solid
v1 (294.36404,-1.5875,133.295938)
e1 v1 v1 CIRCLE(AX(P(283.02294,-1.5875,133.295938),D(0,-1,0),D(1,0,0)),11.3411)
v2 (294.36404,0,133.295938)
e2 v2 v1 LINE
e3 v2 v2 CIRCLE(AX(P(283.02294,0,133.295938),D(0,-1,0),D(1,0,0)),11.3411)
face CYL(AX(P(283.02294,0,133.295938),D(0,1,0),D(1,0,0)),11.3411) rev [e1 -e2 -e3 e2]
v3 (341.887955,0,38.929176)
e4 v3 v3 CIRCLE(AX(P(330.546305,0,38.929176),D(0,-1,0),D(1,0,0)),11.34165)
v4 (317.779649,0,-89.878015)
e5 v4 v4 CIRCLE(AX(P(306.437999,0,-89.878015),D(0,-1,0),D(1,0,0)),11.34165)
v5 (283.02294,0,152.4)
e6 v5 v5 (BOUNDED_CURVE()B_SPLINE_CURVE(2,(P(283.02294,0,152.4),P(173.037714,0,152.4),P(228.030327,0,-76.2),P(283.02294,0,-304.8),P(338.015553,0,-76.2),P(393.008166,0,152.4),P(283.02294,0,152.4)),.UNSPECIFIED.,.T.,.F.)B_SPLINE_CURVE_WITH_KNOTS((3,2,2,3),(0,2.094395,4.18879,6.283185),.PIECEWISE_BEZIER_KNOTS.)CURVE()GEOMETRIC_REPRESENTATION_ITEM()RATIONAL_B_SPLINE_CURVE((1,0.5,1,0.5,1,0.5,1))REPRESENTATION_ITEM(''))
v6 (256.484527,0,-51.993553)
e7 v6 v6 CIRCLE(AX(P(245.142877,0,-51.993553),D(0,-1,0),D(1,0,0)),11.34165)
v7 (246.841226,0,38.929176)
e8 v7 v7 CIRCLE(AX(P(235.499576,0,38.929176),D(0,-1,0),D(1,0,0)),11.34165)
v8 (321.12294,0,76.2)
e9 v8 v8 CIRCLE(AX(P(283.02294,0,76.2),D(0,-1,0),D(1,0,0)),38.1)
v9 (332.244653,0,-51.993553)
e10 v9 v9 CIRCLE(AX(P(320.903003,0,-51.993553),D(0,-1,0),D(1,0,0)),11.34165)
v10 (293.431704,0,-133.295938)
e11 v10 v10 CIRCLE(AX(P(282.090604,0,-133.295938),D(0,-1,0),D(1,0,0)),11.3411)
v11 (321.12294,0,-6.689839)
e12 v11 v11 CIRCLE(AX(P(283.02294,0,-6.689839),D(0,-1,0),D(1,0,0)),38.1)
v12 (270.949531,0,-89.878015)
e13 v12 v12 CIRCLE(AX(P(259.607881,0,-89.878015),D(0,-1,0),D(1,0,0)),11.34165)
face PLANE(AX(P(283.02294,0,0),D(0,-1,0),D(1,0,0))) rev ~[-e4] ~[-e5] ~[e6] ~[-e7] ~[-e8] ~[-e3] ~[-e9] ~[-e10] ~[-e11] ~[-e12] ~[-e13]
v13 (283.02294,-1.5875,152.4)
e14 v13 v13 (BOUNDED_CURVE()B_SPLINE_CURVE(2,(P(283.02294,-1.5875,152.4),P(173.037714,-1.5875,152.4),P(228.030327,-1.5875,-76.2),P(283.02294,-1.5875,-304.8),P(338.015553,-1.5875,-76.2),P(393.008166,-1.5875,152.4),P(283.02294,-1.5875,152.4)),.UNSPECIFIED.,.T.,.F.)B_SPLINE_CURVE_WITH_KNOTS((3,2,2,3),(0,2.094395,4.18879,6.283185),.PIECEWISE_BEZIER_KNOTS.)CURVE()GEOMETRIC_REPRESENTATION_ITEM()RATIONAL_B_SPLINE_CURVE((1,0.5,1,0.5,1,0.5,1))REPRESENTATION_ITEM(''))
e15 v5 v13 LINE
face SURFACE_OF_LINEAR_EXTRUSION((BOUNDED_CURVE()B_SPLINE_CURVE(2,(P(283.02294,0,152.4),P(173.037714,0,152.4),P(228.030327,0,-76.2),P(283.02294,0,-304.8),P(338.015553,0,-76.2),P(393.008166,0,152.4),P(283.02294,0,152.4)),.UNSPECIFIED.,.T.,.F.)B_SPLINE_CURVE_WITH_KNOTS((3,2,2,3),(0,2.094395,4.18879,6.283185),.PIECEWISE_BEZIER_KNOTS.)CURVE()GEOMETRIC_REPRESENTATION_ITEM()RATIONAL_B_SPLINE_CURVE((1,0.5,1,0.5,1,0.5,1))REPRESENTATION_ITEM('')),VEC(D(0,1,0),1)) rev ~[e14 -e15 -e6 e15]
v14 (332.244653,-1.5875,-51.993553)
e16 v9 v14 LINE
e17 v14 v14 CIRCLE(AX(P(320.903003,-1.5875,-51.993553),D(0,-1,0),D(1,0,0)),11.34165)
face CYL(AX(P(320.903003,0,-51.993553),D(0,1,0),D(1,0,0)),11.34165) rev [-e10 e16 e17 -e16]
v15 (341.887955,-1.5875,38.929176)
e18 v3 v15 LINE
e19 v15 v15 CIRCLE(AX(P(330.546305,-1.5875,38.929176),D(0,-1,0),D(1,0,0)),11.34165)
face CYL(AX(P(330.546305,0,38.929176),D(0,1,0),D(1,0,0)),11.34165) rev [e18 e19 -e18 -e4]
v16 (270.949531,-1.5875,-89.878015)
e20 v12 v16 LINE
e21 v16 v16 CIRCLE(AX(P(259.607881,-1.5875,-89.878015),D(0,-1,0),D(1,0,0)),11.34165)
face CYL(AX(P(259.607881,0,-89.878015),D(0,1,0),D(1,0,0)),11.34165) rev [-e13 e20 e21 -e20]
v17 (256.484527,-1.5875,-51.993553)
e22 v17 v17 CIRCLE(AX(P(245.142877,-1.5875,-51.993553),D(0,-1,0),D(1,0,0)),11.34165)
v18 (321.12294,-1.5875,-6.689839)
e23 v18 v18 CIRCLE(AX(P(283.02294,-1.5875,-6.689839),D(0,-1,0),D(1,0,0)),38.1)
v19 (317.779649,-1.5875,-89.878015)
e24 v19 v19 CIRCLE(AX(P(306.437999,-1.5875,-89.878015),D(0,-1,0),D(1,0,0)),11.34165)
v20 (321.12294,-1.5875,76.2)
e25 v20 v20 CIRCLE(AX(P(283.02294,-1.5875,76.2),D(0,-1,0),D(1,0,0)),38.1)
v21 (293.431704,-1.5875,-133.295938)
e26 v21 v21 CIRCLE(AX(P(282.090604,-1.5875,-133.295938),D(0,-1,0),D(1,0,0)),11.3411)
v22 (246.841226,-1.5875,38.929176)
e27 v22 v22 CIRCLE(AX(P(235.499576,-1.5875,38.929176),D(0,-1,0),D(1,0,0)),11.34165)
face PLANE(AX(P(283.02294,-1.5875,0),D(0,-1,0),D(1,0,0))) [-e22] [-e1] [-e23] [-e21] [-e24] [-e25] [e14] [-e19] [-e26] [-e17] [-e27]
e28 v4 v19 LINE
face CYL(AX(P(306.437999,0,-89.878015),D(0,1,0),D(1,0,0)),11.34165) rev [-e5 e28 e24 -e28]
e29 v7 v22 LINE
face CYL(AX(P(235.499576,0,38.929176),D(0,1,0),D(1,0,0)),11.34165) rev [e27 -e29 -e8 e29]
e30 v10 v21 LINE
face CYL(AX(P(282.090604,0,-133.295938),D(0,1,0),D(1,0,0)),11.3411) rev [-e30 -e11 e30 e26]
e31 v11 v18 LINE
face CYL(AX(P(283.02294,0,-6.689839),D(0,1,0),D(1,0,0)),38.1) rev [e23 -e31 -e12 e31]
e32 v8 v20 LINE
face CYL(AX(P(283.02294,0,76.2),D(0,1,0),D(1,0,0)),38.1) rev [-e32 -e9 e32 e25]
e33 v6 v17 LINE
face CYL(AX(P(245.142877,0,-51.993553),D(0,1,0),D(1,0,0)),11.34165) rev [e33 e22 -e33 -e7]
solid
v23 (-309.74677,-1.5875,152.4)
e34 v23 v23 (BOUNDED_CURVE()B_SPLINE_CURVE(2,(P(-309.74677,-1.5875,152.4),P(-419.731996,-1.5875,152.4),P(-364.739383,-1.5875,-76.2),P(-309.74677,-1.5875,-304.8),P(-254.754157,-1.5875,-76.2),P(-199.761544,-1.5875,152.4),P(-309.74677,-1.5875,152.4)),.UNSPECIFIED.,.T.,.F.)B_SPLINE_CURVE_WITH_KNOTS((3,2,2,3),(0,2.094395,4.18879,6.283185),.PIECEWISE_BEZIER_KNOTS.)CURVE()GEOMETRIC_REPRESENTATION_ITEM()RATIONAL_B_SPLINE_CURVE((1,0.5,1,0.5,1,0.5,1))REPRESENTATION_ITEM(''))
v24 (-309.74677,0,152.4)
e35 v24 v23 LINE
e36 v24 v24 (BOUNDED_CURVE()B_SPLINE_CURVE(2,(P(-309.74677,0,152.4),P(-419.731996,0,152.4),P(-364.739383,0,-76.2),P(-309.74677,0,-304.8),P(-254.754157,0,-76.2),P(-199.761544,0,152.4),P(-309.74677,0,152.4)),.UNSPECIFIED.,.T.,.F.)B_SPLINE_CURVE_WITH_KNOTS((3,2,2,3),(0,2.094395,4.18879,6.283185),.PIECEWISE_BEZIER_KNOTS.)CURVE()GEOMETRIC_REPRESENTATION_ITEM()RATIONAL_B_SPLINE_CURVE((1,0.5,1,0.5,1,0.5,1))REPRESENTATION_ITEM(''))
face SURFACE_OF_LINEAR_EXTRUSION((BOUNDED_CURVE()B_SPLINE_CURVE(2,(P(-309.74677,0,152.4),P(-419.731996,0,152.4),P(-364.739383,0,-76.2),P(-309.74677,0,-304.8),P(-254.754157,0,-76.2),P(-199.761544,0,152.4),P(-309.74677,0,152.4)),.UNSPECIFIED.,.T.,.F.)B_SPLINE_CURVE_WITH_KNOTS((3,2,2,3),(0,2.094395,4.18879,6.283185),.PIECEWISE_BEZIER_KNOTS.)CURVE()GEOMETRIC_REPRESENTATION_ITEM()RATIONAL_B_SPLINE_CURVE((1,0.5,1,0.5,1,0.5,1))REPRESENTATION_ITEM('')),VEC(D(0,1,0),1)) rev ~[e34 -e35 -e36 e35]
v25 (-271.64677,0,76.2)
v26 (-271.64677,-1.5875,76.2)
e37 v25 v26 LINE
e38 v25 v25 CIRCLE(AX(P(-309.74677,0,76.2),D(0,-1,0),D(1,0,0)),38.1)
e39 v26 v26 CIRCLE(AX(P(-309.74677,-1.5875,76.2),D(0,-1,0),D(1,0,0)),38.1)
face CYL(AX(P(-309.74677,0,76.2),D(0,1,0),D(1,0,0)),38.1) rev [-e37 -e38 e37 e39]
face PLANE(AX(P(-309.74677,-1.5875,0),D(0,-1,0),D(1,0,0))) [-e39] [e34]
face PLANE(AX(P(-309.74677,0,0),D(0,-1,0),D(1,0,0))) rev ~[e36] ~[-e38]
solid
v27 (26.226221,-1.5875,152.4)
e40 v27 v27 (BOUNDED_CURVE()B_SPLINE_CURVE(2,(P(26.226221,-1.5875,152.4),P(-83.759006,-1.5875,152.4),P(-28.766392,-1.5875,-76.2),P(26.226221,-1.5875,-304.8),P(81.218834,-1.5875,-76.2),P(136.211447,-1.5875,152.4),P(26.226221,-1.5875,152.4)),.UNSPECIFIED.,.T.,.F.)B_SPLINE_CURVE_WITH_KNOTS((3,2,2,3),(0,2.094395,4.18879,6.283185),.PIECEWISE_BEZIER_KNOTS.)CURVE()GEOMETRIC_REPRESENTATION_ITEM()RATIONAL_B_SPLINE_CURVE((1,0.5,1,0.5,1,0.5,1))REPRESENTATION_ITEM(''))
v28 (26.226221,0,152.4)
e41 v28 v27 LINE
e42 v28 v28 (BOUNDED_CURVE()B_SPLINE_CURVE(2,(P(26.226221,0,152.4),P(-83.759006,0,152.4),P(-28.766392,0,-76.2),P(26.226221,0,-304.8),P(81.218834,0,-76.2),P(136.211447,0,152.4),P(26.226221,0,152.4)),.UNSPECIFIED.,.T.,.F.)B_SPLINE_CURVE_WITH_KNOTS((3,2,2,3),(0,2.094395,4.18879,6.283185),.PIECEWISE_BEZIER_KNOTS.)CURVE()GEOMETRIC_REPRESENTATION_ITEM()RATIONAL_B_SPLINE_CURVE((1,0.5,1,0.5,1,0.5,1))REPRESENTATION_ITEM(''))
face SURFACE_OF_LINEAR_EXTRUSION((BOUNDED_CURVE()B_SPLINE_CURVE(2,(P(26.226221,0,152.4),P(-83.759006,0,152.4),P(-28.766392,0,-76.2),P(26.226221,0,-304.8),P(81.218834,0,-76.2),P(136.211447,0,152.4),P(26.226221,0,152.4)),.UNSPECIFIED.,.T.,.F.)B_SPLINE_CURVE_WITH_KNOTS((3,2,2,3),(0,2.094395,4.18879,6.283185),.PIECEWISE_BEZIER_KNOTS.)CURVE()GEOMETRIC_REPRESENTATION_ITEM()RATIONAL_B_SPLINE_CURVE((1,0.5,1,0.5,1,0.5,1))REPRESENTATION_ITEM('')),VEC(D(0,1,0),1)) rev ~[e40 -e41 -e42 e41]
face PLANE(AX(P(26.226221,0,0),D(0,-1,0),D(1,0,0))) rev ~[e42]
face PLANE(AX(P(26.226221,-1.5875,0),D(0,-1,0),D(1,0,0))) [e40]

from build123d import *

# Parameters (mm, degrees)
F1_R     = 38.1
F2_DEPTH = 1.5875
F0_R     = 11.3411
F0_R_2   = 11.34165
F0_R_3   = 38.1
F3_DEPTH = 1.5875


with BuildPart() as f2:
    # F1 (on Front) → F2 (new body)
    with BuildSketch(Plane.XZ):
        with BuildLine():
            add(Edge.make_bspline(
                [(26.226221, 152.4), (-83.759006, 152.4), (-28.766392, -76.2), (26.226221, -304.8), (81.218834, -76.2), (136.211447, 152.4), (26.226221, 152.4)],
                knots=[0, 0, 0, 2.094395, 2.094395, 4.18879, 4.18879, 6.283185, 6.283185, 6.283185], degree=2, weights=[1, 0.5, 1, 0.5, 1, 0.5, 1]))
        make_face()
        with BuildLine():
            add(Edge.make_bspline(
                [(-309.74677, 152.4), (-419.731996, 152.4), (-364.739383, -76.2), (-309.74677, -304.8), (-254.754157, -76.2), (-199.761544, 152.4), (-309.74677, 152.4)],
                knots=[0, 0, 0, 2.094395, 2.094395, 4.18879, 4.18879, 6.283185, 6.283185, 6.283185], degree=2, weights=[1, 0.5, 1, 0.5, 1, 0.5, 1]))
        make_face()
        with Locations((-309.74677, 76.2)):
            Circle(F1_R, mode=Mode.SUBTRACT)
    extrude(amount=F2_DEPTH)


with BuildPart() as f3:
    # F0 (on Front) → F3 (new body)
    with BuildSketch(Plane.XZ):
        with BuildLine():
            add(Edge.make_bspline(
                [(283.02294, 152.4), (173.037714, 152.4), (228.030327, -76.2), (283.02294, -304.8), (338.015553, -76.2), (393.008166, 152.4), (283.02294, 152.4)],
                knots=[0, 0, 0, 2.094395, 2.094395, 4.18879, 4.18879, 6.283185, 6.283185, 6.283185], degree=2, weights=[1, 0.5, 1, 0.5, 1, 0.5, 1]))
        make_face()
        with Locations((282.090604, -133.295938)):
            Circle(F0_R, mode=Mode.SUBTRACT)
        with Locations((259.607881, -89.878015)):
            Circle(F0_R_2, mode=Mode.SUBTRACT)
        with Locations((245.142877, -51.993553)):
            Circle(F0_R_2, mode=Mode.SUBTRACT)
        with Locations((306.437999, -89.878015)):
            Circle(F0_R_2, mode=Mode.SUBTRACT)
        with Locations((283.02294, -6.689839)):
            Circle(F0_R_3, mode=Mode.SUBTRACT)
        with Locations((320.903003, -51.993553)):
            Circle(F0_R_2, mode=Mode.SUBTRACT)
        with Locations((235.499576, 38.929176)):
            Circle(F0_R_2, mode=Mode.SUBTRACT)
        with Locations((330.546305, 38.929176)):
            Circle(F0_R_2, mode=Mode.SUBTRACT)
        with Locations((283.02294, 76.2)):
            Circle(F0_R_3, mode=Mode.SUBTRACT)
        with Locations((283.02294, 133.295938)):
            Circle(F0_R, mode=Mode.SUBTRACT)
    extrude(amount=F3_DEPTH)


solid = Compound([f2.part, f3.part])
